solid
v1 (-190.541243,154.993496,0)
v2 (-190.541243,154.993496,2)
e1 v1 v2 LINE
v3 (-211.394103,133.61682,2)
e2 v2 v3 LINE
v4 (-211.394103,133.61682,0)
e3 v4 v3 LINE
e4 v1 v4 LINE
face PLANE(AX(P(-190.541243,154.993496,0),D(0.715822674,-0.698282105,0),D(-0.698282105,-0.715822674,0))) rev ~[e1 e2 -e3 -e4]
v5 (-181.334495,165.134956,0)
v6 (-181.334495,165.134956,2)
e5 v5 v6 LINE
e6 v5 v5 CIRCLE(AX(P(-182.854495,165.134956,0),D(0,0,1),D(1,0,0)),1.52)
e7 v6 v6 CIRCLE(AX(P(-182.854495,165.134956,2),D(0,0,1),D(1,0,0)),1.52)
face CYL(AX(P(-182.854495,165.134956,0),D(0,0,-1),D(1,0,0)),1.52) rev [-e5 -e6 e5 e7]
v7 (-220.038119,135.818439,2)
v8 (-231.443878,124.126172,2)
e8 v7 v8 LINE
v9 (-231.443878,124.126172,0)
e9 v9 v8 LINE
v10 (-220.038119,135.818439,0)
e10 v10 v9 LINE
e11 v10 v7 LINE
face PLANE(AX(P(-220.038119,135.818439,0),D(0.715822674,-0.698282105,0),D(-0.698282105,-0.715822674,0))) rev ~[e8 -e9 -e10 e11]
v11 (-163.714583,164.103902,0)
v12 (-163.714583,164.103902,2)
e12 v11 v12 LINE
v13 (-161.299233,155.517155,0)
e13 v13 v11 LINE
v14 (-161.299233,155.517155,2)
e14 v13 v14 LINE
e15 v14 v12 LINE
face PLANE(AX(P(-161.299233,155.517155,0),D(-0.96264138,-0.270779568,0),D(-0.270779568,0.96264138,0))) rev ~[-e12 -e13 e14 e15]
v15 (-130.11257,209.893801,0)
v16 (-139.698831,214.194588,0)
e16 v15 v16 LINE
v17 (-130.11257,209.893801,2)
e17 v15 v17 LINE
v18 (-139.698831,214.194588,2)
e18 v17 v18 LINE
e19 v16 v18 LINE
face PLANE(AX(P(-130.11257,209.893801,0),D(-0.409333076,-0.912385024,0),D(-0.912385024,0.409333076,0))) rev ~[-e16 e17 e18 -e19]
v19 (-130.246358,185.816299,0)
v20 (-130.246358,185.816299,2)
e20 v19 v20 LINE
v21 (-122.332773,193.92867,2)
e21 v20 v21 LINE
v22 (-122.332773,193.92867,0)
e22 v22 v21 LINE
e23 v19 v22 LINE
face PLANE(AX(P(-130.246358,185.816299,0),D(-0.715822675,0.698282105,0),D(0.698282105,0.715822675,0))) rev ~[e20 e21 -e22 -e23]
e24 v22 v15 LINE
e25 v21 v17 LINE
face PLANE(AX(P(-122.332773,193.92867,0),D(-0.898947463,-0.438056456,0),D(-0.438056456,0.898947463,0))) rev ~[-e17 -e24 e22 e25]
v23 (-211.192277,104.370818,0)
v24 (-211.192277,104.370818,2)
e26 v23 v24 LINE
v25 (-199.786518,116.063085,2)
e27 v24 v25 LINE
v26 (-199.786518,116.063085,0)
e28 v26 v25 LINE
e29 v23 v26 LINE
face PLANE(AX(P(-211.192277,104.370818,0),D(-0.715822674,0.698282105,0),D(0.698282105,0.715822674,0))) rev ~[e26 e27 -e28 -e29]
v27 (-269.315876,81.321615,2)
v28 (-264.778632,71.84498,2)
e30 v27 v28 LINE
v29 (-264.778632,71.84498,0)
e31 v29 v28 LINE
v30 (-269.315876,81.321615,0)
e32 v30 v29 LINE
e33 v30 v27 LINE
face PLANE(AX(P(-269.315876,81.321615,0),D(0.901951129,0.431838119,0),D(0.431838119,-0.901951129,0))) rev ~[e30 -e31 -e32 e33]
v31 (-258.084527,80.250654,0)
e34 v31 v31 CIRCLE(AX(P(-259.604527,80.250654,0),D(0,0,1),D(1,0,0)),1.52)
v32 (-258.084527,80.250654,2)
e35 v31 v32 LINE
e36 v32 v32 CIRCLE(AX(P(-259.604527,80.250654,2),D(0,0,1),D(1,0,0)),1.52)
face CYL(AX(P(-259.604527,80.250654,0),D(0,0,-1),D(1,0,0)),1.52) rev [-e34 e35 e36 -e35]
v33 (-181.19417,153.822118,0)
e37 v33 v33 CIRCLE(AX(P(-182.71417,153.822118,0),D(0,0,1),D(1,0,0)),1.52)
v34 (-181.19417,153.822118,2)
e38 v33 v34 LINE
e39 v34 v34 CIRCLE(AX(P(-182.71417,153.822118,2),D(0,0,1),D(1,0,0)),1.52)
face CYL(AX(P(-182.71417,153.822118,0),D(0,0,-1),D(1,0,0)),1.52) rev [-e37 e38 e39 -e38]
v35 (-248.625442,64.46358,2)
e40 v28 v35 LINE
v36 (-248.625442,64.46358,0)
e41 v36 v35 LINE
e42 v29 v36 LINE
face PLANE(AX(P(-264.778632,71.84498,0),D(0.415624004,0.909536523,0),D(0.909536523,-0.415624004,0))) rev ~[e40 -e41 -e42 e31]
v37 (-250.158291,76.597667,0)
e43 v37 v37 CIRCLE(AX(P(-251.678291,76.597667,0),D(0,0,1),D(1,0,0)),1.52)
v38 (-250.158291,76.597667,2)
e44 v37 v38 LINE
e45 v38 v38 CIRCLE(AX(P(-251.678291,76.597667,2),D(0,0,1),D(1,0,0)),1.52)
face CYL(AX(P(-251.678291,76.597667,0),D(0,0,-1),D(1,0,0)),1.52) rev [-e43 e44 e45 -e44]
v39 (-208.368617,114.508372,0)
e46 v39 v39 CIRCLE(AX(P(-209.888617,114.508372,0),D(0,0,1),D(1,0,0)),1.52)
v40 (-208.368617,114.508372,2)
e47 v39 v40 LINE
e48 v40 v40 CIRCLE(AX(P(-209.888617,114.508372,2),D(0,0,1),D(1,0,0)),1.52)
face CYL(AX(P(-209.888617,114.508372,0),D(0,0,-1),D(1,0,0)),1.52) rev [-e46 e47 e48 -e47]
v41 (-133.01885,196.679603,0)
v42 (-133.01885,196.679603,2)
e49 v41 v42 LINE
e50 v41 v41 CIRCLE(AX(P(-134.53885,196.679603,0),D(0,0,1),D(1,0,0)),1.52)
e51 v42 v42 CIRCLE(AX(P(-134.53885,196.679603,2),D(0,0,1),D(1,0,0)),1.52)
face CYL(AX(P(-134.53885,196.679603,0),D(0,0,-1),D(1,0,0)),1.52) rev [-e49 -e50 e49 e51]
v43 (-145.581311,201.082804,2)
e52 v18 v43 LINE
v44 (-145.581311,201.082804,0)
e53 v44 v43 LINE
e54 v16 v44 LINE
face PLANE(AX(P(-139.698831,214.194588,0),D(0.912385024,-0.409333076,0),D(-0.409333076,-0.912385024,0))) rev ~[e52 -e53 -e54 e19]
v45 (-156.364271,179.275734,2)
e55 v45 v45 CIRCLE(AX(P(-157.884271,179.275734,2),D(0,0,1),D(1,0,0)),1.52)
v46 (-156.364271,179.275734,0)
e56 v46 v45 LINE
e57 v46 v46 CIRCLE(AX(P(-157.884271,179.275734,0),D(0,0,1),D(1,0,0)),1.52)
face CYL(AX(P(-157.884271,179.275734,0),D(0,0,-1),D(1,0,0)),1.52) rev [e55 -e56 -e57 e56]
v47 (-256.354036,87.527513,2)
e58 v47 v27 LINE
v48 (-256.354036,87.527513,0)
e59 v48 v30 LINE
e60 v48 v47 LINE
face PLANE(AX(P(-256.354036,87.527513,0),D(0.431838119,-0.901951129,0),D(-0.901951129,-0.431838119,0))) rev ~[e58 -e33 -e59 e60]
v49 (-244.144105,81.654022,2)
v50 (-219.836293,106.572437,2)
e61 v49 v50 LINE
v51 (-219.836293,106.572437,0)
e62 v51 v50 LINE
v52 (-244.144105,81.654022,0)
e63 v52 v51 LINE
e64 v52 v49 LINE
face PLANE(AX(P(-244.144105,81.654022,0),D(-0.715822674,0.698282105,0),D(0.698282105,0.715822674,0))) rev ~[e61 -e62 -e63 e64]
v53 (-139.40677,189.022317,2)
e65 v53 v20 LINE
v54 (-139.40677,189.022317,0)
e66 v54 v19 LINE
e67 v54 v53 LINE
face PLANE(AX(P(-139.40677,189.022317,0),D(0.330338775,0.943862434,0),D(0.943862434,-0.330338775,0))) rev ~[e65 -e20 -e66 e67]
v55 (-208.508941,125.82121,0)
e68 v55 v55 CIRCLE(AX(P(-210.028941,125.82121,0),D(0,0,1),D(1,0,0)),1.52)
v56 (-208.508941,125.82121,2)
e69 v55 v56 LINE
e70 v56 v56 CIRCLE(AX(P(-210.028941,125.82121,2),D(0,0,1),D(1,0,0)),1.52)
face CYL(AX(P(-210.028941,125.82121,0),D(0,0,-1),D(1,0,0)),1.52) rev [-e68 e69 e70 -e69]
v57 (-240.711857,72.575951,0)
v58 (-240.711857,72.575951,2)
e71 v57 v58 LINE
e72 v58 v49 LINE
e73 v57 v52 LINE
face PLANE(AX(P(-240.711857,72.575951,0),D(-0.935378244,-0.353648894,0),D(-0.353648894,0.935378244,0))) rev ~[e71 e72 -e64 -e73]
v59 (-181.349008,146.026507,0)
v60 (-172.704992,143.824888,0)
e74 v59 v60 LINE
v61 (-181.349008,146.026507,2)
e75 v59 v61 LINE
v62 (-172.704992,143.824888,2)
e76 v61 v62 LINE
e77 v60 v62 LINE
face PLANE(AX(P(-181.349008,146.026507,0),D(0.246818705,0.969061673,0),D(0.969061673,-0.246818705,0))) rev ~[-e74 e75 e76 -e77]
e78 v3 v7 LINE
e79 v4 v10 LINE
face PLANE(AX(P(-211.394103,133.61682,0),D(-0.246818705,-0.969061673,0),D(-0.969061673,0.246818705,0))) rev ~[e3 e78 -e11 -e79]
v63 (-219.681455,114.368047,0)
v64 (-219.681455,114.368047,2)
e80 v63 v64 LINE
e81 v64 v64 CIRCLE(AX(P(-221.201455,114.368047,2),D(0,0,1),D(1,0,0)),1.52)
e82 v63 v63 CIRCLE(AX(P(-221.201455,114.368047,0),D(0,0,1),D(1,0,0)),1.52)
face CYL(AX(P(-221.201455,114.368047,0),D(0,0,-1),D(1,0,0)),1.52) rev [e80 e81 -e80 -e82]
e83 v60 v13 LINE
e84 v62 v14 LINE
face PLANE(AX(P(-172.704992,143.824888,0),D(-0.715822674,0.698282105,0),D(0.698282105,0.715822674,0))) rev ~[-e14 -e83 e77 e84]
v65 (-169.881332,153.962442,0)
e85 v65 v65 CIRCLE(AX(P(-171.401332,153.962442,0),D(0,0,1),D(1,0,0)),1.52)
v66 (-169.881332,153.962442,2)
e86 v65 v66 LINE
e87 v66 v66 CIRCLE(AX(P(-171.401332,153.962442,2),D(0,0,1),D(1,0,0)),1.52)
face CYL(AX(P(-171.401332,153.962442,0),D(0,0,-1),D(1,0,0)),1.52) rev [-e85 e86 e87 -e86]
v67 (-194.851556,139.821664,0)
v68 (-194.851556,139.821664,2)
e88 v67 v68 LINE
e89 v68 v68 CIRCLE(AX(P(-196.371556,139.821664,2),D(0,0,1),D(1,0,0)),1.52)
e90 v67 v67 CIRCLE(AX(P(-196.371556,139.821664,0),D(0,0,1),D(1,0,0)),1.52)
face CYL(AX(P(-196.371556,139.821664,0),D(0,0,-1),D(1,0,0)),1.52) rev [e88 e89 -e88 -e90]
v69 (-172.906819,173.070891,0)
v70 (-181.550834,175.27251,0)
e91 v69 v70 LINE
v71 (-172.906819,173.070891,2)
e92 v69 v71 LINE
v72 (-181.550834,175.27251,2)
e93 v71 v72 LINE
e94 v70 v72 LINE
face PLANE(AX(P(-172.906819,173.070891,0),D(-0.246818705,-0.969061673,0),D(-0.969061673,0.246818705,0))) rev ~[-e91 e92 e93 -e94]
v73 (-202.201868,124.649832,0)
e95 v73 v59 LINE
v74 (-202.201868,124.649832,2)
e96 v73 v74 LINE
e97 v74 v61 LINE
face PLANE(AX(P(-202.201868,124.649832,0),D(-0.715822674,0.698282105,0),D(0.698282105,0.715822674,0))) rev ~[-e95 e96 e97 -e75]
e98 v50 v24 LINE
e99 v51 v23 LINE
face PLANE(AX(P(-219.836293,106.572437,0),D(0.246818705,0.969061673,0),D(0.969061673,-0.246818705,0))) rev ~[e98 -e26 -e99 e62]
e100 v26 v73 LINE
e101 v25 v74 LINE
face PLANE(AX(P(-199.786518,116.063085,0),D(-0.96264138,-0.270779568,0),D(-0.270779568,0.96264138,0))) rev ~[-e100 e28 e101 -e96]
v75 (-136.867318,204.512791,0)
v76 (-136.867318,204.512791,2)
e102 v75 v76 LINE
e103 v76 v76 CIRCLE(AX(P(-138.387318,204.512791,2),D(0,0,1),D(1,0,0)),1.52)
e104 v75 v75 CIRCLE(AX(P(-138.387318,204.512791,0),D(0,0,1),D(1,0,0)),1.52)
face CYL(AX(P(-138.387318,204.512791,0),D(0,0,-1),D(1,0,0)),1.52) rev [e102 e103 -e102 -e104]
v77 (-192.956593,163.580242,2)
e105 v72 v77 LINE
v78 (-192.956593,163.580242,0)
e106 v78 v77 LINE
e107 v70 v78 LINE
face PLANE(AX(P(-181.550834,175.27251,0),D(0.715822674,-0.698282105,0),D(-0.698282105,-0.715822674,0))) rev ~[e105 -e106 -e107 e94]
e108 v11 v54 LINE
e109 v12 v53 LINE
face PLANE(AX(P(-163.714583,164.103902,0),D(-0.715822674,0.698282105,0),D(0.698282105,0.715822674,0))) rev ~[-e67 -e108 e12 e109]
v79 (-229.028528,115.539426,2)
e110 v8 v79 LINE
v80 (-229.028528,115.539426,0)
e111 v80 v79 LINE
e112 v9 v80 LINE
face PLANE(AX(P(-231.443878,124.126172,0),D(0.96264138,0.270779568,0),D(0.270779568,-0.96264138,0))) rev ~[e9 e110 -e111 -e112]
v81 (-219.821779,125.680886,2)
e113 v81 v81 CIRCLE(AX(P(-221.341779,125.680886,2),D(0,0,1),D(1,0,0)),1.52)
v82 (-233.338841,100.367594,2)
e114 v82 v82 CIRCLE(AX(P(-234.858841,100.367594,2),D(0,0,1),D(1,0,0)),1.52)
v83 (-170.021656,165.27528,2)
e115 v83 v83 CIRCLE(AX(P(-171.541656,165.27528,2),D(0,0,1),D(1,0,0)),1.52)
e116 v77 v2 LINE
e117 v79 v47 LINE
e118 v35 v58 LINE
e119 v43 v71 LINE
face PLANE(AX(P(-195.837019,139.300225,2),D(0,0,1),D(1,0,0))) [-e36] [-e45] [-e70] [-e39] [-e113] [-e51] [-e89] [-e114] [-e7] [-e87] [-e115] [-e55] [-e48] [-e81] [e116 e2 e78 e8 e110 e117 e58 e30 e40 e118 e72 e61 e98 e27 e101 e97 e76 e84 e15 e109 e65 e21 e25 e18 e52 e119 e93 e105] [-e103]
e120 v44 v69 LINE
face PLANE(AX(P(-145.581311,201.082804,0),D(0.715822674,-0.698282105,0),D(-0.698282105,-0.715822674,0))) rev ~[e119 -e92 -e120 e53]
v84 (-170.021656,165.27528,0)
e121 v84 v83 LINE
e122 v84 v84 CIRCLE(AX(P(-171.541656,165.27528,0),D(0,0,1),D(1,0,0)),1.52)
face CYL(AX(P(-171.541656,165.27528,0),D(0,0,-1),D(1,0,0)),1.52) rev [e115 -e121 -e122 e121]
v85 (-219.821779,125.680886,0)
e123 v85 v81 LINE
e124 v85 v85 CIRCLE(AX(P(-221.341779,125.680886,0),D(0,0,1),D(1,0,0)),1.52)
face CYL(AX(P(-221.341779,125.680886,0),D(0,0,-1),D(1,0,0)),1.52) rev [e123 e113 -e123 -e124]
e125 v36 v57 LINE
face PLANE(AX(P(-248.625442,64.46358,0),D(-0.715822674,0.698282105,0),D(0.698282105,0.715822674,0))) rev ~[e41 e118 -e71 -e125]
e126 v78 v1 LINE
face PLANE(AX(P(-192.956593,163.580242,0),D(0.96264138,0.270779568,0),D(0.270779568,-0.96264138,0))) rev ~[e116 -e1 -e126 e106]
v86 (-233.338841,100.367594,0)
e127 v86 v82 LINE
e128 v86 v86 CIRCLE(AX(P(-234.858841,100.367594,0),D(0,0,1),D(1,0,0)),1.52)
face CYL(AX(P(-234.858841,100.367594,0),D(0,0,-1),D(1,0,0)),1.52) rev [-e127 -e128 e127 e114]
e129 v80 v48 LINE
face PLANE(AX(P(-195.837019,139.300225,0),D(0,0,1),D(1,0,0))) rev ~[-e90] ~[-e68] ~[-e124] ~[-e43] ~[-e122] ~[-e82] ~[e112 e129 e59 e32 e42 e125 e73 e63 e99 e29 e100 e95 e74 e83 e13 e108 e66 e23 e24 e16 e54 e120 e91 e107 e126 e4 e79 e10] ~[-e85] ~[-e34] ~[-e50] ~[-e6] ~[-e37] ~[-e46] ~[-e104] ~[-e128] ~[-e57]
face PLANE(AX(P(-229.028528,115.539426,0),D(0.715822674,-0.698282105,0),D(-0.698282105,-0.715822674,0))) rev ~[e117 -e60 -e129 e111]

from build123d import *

# Parameters (mm, degrees)
SKETCH_1_R      = 1.52
EXTRUDE_1_DEPTH = 2


with BuildPart() as part:
    # 草图1 → 凸台-拉伸1 (new body)
    with BuildSketch(Plane.XY):
        Polygon((-122.332772904, 193.928670444), (-130.112569709, 209.893801205), (-139.698830821, 214.194588314), (-145.581311392, 201.082803585), (-172.906818534, 173.07089056), (-181.550834018, 175.272509679), (-192.956593094, 163.580242467), (-190.541243439, 154.993495907), (-211.394103482, 133.616820304), (-220.038118966, 135.818439423), (-231.443878041, 124.126172211), (-229.028528386, 115.539425652), (-256.354035527, 87.527512628), (-269.315875894, 81.321614566), (-264.778632454, 71.844980469), (-248.625442054, 64.46357962), (-240.711857184, 72.575950598), (-244.144105033, 81.654022148), (-219.836292658, 106.572437113), (-211.192277174, 104.370817994), (-199.786518099, 116.063085206), (-202.201867754, 124.649831766), (-181.34900771, 146.026507369), (-172.704992227, 143.82488825), (-161.299233151, 155.517155462), (-163.714582806, 164.103902021), (-139.406770431, 189.022316987), (-130.246357773, 185.816299466), align=None)
        with Locations((-259.604526823, 80.250654079)):
            Circle(SKETCH_1_R, mode=Mode.SUBTRACT)
        with Locations((-251.678290532, 76.597666862)):
            Circle(SKETCH_1_R, mode=Mode.SUBTRACT)
        with Locations((-234.858840543, 100.367593581)):
            Circle(SKETCH_1_R, mode=Mode.SUBTRACT)
        with Locations((-221.201454913, 114.368047313)):
            Circle(SKETCH_1_R, mode=Mode.SUBTRACT)
        with Locations((-221.341779466, 125.680885552)):
            Circle(SKETCH_1_R, mode=Mode.SUBTRACT)
        with Locations((-210.028941227, 125.821210105)):
            Circle(SKETCH_1_R, mode=Mode.SUBTRACT)
        with Locations((-196.371555596, 139.821663837)):
            Circle(SKETCH_1_R, mode=Mode.SUBTRACT)
        with Locations((-182.714169966, 153.822117568)):
            Circle(SKETCH_1_R, mode=Mode.SUBTRACT)
        with Locations((-171.401331727, 153.962442121)):
            Circle(SKETCH_1_R, mode=Mode.SUBTRACT)
        with Locations((-182.854494518, 165.134955807)):
            Circle(SKETCH_1_R, mode=Mode.SUBTRACT)
        with Locations((-171.541656279, 165.27528036)):
            Circle(SKETCH_1_R, mode=Mode.SUBTRACT)
        with Locations((-157.884270649, 179.275734092)):
            Circle(SKETCH_1_R, mode=Mode.SUBTRACT)
        with Locations((-134.538850305, 196.679603292)):
            Circle(SKETCH_1_R, mode=Mode.SUBTRACT)
        with Locations((-138.387317573, 204.512791471)):
            Circle(SKETCH_1_R, mode=Mode.SUBTRACT)
        with Locations((-209.888616674, 114.508371866)):
            Circle(SKETCH_1_R, mode=Mode.SUBTRACT)
    extrude(amount=EXTRUDE_1_DEPTH)


solid = part.part
